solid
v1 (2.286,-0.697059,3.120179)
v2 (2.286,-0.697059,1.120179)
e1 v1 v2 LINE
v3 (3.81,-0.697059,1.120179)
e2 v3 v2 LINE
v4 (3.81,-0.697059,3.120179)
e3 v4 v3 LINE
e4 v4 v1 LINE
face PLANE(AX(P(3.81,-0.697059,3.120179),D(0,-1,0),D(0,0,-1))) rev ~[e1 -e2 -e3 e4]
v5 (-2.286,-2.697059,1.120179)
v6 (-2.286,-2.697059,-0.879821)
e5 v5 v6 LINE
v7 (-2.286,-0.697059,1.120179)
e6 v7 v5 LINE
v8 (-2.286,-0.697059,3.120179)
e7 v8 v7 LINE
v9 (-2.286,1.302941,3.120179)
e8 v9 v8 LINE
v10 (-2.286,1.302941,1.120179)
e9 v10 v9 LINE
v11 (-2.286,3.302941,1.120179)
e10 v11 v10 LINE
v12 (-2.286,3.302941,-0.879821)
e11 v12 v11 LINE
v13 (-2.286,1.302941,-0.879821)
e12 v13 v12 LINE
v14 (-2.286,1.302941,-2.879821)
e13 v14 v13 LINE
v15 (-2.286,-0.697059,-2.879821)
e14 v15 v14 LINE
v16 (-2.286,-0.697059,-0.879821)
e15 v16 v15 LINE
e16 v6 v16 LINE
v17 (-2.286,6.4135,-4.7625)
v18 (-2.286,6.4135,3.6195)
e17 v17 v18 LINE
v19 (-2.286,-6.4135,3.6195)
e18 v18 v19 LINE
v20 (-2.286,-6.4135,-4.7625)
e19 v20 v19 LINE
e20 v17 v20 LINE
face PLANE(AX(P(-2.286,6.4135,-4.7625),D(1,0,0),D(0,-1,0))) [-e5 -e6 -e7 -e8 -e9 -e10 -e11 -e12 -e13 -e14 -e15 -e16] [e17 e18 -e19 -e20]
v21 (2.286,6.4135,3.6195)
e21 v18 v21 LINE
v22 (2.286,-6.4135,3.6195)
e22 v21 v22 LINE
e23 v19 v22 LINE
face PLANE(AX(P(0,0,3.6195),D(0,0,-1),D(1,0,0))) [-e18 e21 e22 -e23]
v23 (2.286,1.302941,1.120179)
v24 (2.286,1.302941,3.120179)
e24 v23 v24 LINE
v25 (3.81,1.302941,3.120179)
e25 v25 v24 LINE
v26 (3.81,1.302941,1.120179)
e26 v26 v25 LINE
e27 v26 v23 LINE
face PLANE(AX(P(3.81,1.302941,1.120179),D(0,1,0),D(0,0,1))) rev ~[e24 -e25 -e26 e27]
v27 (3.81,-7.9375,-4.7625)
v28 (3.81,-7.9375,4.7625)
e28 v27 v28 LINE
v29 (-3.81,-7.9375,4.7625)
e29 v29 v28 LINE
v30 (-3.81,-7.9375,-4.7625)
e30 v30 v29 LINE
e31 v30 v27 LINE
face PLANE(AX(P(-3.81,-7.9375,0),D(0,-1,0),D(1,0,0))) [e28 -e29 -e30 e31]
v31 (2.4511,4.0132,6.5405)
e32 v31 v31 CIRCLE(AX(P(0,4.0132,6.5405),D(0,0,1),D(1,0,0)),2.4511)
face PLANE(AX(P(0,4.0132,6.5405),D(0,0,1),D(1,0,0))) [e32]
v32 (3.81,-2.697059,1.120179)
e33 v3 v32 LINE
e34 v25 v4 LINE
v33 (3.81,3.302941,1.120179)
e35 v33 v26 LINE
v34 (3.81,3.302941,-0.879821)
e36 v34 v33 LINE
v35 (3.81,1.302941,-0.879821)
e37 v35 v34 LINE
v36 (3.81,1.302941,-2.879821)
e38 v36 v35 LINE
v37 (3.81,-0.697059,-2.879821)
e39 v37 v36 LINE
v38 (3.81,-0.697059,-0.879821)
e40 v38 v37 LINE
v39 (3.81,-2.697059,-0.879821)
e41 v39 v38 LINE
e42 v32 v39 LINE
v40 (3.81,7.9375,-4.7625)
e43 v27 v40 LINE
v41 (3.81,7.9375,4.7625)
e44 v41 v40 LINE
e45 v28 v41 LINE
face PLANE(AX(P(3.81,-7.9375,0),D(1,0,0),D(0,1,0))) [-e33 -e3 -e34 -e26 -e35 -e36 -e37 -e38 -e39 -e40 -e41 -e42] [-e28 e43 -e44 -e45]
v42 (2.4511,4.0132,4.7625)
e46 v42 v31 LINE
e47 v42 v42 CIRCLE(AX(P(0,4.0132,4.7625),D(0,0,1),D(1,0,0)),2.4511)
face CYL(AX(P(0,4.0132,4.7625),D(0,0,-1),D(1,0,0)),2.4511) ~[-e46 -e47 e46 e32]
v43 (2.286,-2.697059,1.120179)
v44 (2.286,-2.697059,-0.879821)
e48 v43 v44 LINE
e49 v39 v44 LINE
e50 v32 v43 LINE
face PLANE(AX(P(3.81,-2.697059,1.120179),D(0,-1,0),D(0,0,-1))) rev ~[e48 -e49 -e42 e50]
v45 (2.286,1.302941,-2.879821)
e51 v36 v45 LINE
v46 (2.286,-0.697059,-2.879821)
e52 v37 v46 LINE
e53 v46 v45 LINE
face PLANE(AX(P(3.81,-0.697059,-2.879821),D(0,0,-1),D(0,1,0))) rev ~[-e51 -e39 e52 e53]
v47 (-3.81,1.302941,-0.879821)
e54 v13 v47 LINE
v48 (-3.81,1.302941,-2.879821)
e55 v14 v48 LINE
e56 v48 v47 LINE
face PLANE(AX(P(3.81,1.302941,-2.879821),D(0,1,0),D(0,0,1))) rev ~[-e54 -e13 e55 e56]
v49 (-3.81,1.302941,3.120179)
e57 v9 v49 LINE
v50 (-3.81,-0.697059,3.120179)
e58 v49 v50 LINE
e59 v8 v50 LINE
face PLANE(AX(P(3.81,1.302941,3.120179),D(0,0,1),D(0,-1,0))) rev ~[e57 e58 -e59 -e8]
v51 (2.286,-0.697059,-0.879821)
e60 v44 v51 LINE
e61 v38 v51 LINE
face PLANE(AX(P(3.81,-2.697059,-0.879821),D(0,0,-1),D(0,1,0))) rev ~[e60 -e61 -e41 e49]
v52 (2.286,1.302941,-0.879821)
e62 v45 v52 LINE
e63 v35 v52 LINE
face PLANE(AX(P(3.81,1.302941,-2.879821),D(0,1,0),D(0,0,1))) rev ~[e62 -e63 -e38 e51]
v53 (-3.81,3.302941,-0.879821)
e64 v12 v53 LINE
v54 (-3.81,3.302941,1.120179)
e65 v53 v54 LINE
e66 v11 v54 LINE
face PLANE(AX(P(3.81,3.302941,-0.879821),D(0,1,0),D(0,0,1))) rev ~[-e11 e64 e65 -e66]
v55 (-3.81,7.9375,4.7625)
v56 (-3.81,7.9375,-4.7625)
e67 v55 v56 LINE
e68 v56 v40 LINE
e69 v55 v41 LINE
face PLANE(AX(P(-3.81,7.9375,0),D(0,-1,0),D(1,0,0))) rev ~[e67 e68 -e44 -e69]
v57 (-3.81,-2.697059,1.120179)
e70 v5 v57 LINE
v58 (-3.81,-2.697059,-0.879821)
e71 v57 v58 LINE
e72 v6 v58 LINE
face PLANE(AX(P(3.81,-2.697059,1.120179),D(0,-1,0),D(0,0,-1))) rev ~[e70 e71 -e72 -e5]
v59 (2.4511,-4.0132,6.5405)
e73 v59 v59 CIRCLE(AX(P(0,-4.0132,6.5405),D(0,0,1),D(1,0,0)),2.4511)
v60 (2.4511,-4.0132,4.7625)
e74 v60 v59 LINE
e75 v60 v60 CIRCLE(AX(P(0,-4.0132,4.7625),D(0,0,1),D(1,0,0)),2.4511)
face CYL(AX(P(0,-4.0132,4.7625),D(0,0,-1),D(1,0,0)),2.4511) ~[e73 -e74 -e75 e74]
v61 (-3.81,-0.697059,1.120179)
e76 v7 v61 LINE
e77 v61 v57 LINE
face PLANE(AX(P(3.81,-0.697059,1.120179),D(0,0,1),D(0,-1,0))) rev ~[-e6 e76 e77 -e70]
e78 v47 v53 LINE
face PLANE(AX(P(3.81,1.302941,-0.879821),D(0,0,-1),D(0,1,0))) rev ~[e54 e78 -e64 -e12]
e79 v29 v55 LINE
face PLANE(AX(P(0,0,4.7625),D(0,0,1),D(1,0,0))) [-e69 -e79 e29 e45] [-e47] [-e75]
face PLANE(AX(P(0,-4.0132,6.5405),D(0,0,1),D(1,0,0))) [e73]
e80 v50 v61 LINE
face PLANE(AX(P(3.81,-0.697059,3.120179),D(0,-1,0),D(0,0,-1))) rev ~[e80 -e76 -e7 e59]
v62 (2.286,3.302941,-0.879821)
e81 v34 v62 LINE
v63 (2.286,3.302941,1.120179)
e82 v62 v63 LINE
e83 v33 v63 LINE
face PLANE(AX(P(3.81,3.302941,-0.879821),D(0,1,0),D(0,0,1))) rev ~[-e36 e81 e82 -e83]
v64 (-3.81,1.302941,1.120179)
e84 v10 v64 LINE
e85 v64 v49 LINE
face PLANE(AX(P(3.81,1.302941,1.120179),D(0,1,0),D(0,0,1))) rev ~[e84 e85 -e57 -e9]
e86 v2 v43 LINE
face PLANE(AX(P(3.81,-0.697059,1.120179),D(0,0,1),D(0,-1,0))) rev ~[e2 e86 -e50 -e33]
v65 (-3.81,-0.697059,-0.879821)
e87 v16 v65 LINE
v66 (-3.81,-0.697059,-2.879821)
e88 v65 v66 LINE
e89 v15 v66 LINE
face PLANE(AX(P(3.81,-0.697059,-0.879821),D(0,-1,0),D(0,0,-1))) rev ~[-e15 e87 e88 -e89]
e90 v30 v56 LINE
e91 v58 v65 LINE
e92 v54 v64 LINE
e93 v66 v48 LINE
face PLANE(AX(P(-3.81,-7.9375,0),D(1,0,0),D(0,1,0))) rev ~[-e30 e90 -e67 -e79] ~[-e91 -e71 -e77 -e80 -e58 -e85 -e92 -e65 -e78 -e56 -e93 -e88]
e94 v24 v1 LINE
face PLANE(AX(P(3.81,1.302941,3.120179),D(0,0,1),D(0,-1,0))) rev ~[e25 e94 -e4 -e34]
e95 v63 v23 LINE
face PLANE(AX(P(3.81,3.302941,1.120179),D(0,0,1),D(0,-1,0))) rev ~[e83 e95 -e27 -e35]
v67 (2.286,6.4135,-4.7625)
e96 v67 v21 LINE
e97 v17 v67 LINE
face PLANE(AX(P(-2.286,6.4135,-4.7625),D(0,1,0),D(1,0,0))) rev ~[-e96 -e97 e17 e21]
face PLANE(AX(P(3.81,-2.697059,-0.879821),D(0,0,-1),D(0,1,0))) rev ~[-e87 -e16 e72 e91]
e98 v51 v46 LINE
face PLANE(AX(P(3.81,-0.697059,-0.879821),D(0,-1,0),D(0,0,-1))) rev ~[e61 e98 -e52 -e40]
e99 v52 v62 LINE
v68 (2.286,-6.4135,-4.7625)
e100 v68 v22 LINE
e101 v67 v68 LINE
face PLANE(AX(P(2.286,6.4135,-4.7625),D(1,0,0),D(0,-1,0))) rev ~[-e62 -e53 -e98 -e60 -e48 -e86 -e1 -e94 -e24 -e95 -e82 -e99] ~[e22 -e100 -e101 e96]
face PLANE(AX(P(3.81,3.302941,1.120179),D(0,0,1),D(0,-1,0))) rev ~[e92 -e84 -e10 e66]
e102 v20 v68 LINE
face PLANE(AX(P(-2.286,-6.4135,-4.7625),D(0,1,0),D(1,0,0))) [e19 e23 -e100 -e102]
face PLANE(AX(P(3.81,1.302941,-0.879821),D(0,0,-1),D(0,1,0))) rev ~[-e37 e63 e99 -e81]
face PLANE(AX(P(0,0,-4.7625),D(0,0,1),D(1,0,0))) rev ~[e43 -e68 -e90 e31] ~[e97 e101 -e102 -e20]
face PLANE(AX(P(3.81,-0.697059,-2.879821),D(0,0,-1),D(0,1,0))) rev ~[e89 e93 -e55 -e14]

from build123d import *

# Parameters (mm, degrees)
F0_W     = 7.62
F0_H     = 15.875
F1_DEPTH = 4.7625
F2_R     = 2.4511
F3_DEPTH = 1.778
F4_W     = 4.572
F4_H     = 12.827
F5_DEPTH = 8.382
F7_DEPTH = 7.77


with BuildPart() as f1:
    # F0 (on Top) → F1 (new body, symmetric)
    with BuildSketch(Plane.XY):
        Rectangle(F0_W, F0_H)
    extrude(amount=F1_DEPTH, both=True)

    # F2 (on face) → F3 (join)
    with BuildSketch(Plane.XY.offset(4.7625)):
        with Locations((0, 4.0132)):
            Circle(F2_R)
        with Locations((0, -4.0132)):
            Circle(F2_R)
    extrude(amount=F3_DEPTH)

    # F4 (on face) → F5 (cut)
    with BuildSketch(Plane(origin=(0, 0, -4.7625), x_dir=(1, 0, 0), z_dir=(0, 0, -1))):
        Rectangle(F4_W, F4_H)
    extrude(amount=-F5_DEPTH, mode=Mode.SUBTRACT)

    # F6 (on face) → F7 (cut)
    with BuildSketch(Plane.YZ.offset(3.81)):
        Polygon((1.302941, 3.120179), (-0.697059, 3.120179), (-0.697059, 1.120179), (-2.697059, 1.120179), (-2.697059, -0.879821), (-0.697059, -0.879821), (-0.697059, -2.879821), (1.302941, -2.879821), (1.302941, -0.879821), (3.302941, -0.879821), (3.302941, 1.120179), (1.302941, 1.120179), align=None)
    extrude(amount=-F7_DEPTH, mode=Mode.SUBTRACT)


solid = f1.part
